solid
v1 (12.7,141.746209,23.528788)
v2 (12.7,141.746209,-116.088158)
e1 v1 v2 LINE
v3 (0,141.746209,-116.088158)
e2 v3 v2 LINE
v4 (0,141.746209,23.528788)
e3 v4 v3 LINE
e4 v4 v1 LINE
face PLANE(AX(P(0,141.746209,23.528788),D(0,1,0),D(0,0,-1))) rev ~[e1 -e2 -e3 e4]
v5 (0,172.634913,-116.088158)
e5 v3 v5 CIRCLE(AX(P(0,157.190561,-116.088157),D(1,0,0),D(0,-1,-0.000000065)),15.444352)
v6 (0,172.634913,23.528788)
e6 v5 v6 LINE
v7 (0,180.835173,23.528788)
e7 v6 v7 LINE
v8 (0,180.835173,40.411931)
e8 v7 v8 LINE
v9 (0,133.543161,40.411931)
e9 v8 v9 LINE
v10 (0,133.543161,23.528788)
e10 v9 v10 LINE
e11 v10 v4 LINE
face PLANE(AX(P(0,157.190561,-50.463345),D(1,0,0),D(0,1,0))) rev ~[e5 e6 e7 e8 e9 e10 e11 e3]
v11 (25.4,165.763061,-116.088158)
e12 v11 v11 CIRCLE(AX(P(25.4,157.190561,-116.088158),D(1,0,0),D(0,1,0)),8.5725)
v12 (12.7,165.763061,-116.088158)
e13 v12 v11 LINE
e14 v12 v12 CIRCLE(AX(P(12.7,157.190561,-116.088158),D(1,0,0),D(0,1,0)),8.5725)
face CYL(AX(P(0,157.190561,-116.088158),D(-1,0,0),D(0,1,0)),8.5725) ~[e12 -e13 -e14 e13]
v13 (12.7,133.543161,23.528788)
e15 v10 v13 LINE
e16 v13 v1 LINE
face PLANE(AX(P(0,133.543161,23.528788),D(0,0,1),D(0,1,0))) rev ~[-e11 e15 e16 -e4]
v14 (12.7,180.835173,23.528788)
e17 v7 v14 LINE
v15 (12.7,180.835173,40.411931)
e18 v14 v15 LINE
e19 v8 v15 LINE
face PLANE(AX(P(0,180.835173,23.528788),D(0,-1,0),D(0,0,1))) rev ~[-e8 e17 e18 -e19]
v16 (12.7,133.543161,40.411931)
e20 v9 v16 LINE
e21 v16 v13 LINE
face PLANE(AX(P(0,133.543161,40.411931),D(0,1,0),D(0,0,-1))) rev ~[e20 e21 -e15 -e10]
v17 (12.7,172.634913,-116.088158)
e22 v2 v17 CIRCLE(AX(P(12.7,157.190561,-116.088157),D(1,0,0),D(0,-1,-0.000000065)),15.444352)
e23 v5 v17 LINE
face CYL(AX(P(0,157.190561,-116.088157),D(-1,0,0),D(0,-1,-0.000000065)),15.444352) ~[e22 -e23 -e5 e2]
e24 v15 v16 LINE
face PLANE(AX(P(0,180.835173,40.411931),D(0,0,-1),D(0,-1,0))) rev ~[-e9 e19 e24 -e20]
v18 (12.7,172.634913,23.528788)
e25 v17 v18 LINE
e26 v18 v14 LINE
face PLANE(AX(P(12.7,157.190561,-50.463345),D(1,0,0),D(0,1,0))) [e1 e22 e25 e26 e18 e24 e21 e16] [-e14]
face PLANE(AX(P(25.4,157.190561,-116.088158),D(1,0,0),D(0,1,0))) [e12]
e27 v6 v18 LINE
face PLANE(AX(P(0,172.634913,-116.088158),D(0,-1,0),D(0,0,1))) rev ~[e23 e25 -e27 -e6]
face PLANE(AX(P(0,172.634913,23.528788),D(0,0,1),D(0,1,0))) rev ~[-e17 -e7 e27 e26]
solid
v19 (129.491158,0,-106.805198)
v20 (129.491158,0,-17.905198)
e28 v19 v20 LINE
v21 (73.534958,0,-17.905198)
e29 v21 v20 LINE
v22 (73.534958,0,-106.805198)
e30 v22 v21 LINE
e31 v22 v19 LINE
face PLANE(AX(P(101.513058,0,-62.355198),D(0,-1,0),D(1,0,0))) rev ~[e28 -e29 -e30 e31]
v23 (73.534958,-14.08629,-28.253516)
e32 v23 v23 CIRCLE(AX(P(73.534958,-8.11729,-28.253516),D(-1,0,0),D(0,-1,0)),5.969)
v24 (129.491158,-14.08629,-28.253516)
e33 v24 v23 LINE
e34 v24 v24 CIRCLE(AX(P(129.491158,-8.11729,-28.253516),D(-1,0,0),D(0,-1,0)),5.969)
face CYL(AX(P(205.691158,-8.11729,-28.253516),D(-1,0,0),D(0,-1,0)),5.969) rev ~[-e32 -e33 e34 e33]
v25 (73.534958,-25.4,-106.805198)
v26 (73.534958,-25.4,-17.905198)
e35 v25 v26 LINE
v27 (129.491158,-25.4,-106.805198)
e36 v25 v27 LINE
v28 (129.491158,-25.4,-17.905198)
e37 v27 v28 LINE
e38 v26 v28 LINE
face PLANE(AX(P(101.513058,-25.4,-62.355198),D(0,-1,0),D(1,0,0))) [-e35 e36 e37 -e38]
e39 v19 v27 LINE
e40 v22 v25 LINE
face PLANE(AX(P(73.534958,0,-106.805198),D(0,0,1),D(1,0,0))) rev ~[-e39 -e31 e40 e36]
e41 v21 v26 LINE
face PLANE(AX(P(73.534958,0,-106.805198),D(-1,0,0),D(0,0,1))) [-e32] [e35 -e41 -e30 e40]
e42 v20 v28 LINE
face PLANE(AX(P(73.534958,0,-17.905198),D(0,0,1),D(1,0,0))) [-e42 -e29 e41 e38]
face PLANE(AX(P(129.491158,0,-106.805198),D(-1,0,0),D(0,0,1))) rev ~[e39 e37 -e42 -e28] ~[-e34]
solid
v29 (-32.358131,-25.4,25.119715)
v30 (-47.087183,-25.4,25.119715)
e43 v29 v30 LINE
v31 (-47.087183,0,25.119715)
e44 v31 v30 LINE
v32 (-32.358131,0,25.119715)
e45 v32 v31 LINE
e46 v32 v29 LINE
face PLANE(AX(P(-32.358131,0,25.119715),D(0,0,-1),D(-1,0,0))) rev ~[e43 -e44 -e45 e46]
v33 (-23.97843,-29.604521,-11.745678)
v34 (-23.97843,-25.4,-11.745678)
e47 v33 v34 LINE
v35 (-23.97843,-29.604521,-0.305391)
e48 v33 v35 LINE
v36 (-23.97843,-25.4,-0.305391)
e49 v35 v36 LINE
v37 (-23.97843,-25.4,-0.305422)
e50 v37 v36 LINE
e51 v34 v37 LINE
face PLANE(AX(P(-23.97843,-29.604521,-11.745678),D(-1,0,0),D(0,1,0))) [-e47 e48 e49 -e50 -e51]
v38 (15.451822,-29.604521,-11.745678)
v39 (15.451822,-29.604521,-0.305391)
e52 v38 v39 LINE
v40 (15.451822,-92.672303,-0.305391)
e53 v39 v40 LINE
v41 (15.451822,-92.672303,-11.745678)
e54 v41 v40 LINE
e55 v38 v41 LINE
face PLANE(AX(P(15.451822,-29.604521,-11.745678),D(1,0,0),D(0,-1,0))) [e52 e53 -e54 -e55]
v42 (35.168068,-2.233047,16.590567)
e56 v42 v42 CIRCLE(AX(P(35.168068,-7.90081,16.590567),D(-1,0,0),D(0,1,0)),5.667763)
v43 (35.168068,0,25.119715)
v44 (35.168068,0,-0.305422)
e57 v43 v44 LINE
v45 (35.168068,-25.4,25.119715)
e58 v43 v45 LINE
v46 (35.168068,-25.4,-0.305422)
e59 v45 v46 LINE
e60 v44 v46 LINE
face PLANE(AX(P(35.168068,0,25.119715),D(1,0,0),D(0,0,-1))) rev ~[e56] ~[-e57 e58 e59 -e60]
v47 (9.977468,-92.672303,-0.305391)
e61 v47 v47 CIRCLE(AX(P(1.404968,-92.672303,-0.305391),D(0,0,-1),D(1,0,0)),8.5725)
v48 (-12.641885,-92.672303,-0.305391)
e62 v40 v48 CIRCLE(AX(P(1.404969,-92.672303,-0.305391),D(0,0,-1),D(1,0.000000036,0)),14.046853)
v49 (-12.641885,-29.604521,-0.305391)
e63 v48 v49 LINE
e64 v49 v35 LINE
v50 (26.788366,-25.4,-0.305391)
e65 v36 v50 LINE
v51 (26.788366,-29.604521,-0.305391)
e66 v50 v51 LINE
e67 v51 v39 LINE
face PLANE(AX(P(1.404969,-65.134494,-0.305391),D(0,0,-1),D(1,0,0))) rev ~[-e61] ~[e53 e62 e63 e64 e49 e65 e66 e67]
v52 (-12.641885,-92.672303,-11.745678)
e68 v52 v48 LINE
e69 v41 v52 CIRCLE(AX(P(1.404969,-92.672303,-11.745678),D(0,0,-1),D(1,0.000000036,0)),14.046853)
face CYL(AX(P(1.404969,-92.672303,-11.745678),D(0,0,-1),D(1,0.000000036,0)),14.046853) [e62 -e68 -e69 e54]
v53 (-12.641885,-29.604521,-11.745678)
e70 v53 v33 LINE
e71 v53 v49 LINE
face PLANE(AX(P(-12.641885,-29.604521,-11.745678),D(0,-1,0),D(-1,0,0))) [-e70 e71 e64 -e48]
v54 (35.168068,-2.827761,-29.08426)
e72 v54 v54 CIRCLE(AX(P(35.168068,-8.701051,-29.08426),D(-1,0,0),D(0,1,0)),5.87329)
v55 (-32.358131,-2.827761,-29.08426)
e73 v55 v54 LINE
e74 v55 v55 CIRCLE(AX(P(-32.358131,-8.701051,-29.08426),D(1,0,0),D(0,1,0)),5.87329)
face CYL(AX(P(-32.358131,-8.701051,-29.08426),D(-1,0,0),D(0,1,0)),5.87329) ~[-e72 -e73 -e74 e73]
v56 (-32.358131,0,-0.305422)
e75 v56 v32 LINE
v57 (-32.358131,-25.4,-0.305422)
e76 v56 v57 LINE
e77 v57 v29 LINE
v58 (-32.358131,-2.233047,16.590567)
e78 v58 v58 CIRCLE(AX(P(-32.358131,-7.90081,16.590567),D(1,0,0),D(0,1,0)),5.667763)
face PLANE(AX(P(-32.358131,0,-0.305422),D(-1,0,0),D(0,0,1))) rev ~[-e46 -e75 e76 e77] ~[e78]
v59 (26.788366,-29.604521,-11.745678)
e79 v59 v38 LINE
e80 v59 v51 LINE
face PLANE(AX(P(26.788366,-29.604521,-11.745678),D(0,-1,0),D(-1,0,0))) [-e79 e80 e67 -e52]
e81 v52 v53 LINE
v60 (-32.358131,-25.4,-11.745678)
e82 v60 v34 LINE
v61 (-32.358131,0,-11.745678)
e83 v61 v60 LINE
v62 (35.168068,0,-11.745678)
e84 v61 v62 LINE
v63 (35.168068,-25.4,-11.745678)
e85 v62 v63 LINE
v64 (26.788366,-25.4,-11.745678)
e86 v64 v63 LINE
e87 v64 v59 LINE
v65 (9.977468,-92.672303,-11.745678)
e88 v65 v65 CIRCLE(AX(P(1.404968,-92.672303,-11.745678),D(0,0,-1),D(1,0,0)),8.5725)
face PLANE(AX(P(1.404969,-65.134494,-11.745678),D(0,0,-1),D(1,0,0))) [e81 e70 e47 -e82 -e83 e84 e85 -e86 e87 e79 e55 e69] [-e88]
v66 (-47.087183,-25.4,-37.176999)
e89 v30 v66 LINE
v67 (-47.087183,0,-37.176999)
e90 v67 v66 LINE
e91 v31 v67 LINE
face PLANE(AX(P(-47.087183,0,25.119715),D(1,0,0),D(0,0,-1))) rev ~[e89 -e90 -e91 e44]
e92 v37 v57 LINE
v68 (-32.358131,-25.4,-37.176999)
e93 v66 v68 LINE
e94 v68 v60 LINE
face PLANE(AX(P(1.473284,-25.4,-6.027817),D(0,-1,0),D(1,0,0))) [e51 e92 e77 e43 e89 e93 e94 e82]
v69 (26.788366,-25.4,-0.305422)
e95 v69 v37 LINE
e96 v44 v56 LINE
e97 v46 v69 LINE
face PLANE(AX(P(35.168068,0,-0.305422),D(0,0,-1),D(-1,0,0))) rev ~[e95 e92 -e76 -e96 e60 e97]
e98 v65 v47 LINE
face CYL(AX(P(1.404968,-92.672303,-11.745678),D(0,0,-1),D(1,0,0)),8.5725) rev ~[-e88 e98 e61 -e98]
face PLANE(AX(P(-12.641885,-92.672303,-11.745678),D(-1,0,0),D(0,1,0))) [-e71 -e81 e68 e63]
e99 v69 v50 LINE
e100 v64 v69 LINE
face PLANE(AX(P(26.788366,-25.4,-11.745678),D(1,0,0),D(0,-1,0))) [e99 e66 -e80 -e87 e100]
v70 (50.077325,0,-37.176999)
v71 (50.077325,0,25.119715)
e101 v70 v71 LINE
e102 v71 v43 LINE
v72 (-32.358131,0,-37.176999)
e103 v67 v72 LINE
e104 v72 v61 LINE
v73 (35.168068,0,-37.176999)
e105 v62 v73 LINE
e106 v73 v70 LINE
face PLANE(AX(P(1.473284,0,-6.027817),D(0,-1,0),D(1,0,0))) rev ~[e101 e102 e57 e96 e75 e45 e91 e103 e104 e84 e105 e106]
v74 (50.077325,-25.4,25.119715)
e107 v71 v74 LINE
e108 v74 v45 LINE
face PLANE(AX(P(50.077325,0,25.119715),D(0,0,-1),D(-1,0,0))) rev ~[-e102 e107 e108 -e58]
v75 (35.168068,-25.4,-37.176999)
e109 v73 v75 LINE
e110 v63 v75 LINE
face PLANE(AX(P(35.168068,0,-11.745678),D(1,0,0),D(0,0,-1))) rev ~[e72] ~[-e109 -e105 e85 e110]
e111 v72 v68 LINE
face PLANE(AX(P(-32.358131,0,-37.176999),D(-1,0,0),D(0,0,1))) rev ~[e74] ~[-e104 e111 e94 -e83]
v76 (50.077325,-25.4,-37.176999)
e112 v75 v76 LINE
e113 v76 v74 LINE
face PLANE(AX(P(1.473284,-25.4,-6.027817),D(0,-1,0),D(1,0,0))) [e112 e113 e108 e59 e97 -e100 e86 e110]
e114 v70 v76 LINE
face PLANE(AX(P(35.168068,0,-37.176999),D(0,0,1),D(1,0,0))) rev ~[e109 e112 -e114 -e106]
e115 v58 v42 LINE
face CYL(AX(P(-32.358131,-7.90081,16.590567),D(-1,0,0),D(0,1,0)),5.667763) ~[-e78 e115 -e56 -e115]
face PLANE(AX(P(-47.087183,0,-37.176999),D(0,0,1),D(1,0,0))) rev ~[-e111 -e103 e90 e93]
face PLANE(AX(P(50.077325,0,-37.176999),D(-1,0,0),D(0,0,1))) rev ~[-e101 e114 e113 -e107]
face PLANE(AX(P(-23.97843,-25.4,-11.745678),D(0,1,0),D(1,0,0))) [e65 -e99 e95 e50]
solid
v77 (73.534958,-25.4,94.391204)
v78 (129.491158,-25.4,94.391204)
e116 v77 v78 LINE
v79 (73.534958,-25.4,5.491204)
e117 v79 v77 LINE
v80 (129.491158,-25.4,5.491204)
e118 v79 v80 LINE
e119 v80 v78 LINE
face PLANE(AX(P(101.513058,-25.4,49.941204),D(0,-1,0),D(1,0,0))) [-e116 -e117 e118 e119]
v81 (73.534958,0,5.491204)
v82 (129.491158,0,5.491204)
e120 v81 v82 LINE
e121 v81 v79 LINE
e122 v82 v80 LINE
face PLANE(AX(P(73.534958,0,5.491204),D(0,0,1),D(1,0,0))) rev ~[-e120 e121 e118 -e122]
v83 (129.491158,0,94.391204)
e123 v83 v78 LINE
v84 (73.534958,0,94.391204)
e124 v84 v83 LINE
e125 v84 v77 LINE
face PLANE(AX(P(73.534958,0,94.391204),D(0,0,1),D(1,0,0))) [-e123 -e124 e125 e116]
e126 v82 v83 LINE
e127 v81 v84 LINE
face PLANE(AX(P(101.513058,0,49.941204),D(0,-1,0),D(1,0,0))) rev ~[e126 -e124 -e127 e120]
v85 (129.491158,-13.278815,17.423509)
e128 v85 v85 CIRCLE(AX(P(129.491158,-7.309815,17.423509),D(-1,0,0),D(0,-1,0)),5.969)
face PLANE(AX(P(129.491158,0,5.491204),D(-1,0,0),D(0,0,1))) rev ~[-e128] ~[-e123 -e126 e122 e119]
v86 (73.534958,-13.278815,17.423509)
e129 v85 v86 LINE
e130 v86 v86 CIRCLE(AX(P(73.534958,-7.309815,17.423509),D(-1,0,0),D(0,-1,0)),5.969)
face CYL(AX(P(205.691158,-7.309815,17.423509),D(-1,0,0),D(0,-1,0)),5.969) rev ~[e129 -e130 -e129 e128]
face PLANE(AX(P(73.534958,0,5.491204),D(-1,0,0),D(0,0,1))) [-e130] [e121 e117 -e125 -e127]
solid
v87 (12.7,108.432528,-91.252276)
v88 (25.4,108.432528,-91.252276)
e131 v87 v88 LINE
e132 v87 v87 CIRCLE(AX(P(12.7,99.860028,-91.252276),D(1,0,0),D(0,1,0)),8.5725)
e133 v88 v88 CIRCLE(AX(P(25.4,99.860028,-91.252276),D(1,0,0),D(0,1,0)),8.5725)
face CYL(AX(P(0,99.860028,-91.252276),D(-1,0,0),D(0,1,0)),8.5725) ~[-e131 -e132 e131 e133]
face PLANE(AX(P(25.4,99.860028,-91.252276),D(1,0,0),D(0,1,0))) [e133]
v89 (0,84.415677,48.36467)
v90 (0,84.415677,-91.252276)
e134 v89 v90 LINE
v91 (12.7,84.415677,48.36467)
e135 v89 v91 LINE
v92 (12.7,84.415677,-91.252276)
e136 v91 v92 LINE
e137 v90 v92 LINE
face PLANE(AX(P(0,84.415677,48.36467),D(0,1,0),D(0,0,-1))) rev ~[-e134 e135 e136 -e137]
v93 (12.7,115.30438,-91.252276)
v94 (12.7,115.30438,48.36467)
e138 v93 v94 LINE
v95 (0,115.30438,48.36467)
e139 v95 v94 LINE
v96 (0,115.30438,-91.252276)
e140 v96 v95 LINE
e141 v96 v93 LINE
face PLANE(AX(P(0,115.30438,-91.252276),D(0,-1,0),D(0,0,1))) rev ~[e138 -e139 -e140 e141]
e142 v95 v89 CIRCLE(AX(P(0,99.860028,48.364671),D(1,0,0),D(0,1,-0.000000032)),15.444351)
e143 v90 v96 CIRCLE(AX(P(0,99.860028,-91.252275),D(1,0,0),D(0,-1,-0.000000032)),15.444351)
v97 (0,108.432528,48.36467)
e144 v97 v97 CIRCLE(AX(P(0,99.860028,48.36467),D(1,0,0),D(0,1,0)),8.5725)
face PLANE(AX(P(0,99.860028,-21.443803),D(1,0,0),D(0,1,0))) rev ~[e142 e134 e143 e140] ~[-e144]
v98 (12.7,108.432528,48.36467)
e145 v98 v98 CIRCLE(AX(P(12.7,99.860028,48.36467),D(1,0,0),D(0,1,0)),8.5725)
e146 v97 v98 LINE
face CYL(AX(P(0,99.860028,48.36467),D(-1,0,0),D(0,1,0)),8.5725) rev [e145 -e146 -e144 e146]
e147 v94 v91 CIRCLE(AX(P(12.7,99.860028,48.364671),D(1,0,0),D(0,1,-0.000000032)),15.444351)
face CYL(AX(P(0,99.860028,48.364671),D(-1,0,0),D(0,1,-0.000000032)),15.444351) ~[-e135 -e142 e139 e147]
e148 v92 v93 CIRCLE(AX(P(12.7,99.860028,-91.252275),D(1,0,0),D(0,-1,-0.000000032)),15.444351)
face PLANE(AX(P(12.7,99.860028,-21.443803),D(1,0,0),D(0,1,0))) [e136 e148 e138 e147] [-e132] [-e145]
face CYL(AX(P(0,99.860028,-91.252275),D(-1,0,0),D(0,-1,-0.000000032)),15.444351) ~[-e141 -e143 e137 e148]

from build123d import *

# Parameters (mm, degrees)
F1_DEPTH  = 25.4
F2_R      = 8.5725
F3_DEPTH  = 12.7
F4_DEPTH  = 25.4
F5_R      = 8.5725
F6_DEPTH  = 11.440287
F0_W      = 55.9562
F0_H      = 88.9
F7_DEPTH  = 25.4
F10_D     = 11.938
F10_DEPTH = 76.2
F8_R      = 5.667763
F8_R_2    = 5.87329
F11_DEPTH = 76.2


with BuildPart() as f1:
    # F0 (on Front) → F1 (new body)
    with BuildSketch(Plane.XZ):
        Polygon((-32.358131, 25.119715), (-47.087183, 25.119715), (-47.087183, -37.176999), (-32.358131, -37.176999), (-32.358131, -11.745678), (35.168068, -11.745678), (35.168068, -37.176999), (50.077325, -37.176999), (50.077325, 25.119715), (35.168068, 25.119715), (35.168068, -0.305422), (-32.358131, -0.305422), align=None)
    extrude(amount=F1_DEPTH)

    # F5 (on face) → F6 (join)
    with BuildSketch(Plane(origin=(0, 0, -11.745678), x_dir=(1, 0, 0), z_dir=(0, 0, -1))):
        with BuildLine():
            Line((-12.641885, 92.672303), (-12.641885, 29.604521))
            Line((-12.641885, 29.604521), (15.451822, 29.604521))
            Line((15.451822, 29.604521), (15.451822, 92.672303))
            ThreePointArc((15.451822, 92.672303), (1.404968, 106.719157), (-12.641885, 92.672303))
        make_face()
        with Locations((1.404968, 92.672303)):
            Circle(F5_R, mode=Mode.SUBTRACT)
        Polygon((-12.641885, 29.604521), (-23.97843, 29.604521), (-23.97843, 25.4), (26.788366, 25.4), (26.788366, 29.604521), (15.451822, 29.604521), align=None)
    extrude(amount=-F6_DEPTH)

    # F8 (on face) → F11 (join)
    with BuildSketch(Plane.YZ.offset(-32.358131)):
        with Locations((-7.90081, 16.590567)):
            Circle(F8_R)
        with Locations((-8.701051, -29.08426)):
            Circle(F8_R_2)
    extrude(amount=F11_DEPTH)


with BuildPart() as f3:
    # F2 (on Right) → F3 (new body)
    with BuildSketch(Plane.YZ):
        with BuildLine():
            ThreePointArc((115.30438, 48.36467), (99.860028, 63.809022), (84.415677, 48.36467))
            Line((84.415677, 48.36467), (84.415677, -91.252276))
            ThreePointArc((84.415677, -91.252276), (99.860028, -106.696627), (115.30438, -91.252276))
            Line((115.30438, -91.252276), (115.30438, 48.36467))
        make_face()
        with Locations((99.860028, -91.252276)):
            Circle(F2_R, mode=Mode.SUBTRACT)
        with Locations((99.860028, 48.36467)):
            Circle(F2_R, mode=Mode.SUBTRACT)
        with BuildLine():
            Line((157.190561, 23.528788), (141.746209, 23.528788))
            Line((141.746209, 23.528788), (141.746209, -116.088158))
            ThreePointArc((141.746209, -116.088158), (157.190561, -131.532509), (172.634913, -116.088158))
            Line((172.634913, -116.088158), (172.634913, 23.528788))
            Line((172.634913, 23.528788), (157.190561, 23.528788))
        make_face()
        with Locations((157.190561, -116.088158)):
            Circle(F2_R, mode=Mode.SUBTRACT)
        Polygon((133.543161, 23.528788), (141.746209, 23.528788), (157.190561, 23.528788), (172.634913, 23.528788), (180.835173, 23.528788), (180.835173, 40.411931), (157.190561, 40.411931), (133.543161, 40.411931), align=None)
    extrude(amount=F3_DEPTH)

    # F2 (on Right) → F4 (join)
    with BuildSketch(Plane.YZ):
        with Locations((99.860028, -91.252276)):
            Circle(F2_R)
        with Locations((157.190561, -116.088158)):
            Circle(F2_R)
    extrude(amount=F4_DEPTH)


with BuildPart() as f7:
    # F0 (on Front) → F7 (new body)
    with BuildSketch(Plane.XZ):
        with Locations((101.513058, -62.355198)):
            Rectangle(F0_W, F0_H)
        with Locations((101.513058, 49.941204)):
            Rectangle(F0_W, F0_H)
    extrude(amount=F7_DEPTH)

    # F10
    with Locations(Plane.YZ.offset(129.491158)):
        with Locations((-8.11729, -28.253516), (-7.309815, 17.423509)):
            Hole(F10_D / 2, depth=F10_DEPTH)


solid = Compound([f1.part, f3.part, f7.part])
